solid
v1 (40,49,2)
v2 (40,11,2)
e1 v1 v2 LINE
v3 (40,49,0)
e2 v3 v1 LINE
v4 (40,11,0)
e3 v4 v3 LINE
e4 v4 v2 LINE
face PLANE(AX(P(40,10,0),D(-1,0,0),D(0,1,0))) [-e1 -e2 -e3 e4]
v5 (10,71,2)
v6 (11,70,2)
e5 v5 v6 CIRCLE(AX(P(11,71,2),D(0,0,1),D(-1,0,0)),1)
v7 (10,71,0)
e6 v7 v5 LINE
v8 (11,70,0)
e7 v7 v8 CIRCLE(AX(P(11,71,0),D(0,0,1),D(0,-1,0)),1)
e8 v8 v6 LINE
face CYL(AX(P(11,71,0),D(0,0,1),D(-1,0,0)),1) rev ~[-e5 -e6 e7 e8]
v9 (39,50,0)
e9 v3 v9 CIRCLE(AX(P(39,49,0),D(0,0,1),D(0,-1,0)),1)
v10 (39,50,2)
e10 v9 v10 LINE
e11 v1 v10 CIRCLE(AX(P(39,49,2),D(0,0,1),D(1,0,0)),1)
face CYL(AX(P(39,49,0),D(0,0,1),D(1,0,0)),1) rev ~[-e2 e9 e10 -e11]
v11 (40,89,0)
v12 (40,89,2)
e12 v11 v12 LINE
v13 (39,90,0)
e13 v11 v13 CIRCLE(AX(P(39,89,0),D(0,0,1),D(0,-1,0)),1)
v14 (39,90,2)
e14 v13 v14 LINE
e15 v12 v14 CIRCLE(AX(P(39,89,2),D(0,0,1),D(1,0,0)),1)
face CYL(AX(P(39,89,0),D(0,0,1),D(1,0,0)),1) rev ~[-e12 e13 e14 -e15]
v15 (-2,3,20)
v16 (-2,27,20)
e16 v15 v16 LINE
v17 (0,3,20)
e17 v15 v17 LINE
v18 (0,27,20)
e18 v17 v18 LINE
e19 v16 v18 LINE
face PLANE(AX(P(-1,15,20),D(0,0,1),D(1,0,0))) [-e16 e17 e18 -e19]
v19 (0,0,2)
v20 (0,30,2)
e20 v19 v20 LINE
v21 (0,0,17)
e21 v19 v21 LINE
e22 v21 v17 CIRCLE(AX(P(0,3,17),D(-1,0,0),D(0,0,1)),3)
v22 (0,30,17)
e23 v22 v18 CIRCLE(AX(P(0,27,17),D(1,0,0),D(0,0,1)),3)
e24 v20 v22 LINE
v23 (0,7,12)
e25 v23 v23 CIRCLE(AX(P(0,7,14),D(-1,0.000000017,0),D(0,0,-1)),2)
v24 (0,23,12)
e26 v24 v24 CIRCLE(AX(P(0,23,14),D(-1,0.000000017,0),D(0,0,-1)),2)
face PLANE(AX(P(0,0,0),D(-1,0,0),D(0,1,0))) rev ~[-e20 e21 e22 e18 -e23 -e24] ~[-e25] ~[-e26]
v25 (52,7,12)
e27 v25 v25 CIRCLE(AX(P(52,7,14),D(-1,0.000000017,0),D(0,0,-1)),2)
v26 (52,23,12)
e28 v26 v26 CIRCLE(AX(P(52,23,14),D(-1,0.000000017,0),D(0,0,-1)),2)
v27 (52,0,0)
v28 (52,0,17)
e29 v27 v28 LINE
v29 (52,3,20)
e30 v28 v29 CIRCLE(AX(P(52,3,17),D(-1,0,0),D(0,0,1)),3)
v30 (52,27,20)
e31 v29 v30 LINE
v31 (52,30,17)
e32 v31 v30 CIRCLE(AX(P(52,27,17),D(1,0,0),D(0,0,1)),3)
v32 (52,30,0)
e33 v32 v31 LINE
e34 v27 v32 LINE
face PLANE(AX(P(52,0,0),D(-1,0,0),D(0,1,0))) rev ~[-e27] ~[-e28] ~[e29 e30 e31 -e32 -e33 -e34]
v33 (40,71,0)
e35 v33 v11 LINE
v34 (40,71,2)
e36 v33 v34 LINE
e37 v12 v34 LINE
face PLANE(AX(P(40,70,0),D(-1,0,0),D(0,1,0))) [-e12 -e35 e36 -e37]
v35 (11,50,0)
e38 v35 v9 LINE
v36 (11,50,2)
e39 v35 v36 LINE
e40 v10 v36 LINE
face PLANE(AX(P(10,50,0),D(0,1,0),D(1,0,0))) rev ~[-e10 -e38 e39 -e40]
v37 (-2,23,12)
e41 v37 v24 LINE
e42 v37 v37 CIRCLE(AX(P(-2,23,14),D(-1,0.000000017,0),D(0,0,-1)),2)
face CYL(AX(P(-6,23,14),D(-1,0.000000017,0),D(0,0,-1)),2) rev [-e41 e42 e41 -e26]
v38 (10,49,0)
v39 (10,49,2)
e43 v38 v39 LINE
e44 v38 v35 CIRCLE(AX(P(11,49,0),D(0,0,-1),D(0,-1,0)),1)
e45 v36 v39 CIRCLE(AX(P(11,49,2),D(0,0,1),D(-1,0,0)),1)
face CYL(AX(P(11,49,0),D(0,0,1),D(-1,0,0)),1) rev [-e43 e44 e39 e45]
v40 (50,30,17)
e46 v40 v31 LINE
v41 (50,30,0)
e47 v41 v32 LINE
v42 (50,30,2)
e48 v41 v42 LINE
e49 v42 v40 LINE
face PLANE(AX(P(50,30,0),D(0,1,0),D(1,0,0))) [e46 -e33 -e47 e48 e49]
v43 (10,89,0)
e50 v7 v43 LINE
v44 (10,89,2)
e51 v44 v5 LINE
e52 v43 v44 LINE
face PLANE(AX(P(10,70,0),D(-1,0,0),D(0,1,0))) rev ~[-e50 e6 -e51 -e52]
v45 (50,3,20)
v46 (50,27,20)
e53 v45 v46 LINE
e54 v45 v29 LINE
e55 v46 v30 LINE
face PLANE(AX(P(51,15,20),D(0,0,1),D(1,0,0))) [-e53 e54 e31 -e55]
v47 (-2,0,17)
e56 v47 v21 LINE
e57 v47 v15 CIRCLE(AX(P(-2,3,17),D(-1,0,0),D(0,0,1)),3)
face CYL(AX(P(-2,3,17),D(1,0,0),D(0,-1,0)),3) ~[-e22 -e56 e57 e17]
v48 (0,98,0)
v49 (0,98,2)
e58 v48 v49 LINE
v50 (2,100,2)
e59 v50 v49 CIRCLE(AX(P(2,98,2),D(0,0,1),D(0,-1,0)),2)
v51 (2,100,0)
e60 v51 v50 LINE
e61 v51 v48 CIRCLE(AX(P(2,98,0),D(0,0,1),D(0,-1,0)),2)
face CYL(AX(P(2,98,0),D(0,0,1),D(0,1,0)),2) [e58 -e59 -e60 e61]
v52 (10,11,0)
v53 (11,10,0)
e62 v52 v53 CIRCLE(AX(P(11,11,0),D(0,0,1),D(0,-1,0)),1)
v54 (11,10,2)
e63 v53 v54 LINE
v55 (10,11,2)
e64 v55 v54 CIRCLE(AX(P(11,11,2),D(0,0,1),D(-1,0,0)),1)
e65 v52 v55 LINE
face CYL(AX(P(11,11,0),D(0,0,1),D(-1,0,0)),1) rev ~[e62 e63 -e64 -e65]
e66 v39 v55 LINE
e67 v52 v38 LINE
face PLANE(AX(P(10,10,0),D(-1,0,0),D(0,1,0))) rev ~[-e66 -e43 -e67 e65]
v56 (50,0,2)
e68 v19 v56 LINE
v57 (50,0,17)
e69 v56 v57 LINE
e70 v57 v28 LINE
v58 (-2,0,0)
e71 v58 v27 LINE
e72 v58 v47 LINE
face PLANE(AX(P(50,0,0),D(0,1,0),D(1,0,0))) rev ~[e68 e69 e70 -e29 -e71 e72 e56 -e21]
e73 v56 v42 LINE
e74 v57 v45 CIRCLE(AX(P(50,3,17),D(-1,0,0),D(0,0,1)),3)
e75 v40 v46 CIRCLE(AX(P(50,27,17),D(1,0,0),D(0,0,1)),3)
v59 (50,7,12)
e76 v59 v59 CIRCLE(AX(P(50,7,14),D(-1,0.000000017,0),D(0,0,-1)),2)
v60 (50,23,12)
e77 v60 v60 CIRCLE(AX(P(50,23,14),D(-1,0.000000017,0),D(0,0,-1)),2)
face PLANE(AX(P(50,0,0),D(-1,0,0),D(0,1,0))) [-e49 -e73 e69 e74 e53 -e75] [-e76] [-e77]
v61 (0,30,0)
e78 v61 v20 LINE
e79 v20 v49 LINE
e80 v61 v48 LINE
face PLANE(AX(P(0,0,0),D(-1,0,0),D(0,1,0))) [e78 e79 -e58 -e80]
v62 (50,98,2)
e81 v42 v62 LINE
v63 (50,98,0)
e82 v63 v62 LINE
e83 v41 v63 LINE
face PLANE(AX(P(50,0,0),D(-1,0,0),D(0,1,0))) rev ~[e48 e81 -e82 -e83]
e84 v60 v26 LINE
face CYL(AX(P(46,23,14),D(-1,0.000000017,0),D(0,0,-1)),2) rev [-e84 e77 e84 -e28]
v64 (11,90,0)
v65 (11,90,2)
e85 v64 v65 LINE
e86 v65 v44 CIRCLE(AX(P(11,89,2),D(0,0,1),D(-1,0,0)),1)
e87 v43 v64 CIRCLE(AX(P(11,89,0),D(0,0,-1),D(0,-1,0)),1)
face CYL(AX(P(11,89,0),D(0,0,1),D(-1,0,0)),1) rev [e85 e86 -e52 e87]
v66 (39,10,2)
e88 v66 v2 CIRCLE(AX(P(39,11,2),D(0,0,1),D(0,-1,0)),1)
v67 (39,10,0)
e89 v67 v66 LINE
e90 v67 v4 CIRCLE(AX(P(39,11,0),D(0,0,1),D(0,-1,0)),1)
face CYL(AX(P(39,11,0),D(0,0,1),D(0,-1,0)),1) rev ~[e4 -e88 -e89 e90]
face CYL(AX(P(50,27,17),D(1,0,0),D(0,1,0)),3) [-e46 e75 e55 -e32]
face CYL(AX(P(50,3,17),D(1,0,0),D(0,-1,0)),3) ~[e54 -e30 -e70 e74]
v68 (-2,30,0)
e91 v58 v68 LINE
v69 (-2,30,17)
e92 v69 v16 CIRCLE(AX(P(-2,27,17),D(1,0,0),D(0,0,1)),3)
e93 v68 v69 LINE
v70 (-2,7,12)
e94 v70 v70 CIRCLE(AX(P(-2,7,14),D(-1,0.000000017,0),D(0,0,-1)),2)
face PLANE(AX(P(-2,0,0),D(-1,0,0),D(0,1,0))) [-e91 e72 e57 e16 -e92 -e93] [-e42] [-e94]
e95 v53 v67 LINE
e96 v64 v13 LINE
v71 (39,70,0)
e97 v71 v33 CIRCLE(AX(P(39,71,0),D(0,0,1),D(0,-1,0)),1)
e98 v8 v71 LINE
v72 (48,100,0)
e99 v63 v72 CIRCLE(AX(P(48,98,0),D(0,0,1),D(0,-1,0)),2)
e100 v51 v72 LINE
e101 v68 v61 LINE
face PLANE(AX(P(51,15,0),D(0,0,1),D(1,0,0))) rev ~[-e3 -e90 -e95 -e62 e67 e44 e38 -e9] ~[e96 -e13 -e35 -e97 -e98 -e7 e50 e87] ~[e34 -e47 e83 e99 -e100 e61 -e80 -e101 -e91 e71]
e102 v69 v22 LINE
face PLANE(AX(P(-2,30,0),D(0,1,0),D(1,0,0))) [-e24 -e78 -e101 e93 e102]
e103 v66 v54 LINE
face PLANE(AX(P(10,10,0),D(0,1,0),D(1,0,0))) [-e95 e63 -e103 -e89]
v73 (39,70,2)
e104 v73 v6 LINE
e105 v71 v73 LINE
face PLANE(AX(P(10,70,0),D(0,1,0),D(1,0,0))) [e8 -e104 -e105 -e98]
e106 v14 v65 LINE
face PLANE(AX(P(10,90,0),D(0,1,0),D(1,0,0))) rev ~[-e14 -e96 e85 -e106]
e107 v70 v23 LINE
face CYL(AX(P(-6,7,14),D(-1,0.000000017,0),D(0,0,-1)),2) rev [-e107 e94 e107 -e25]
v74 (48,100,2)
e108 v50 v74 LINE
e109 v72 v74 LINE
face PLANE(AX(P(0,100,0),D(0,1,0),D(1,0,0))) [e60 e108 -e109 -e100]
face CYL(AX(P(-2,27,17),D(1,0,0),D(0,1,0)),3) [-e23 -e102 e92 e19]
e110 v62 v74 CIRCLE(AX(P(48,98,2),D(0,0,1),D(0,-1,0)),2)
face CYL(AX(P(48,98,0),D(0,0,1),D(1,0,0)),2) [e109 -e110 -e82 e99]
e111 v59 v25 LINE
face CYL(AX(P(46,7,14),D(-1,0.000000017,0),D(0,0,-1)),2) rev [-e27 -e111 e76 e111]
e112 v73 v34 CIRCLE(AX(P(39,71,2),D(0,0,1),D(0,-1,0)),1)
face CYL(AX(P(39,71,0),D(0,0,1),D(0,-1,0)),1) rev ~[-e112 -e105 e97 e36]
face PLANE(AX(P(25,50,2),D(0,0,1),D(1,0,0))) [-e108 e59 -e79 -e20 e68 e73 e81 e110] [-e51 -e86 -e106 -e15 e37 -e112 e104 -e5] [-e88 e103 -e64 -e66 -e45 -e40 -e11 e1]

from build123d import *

# Parameters (mm, degrees)
CYLINDER001_R               = 2
CYLINDER001_DEPTH           = 10
CYLINDER001_PITCH_ANGLE     = 90
CYLINDER001_PLACEMENT_ANGLE = -1e-06
CYLINDER_R                  = 2
CYLINDER_DEPTH              = 10
CYLINDER_PITCH_ANGLE        = 90
CYLINDER_PLACEMENT_ANGLE    = -1e-06
BOX003_W                    = 2
BOX003_H                    = 30
BOX003_DEPTH                = 20
FILLET004_R                 = 3
CYLINDER003_R               = 2
CYLINDER003_DEPTH           = 10
CYLINDER003_PITCH_ANGLE     = 90
CYLINDER003_PLACEMENT_ANGLE = -1e-06
CYLINDER002_R               = 2
CYLINDER002_DEPTH           = 10
CYLINDER002_PITCH_ANGLE     = 90
CYLINDER002_PLACEMENT_ANGLE = -1e-06
BOX004_W                    = 2
BOX004_H                    = 30
BOX004_DEPTH                = 20
FILLET005_R                 = 3
BOX002_W                    = 30
BOX002_H                    = 40
BOX002_DEPTH                = 10
FILLET003_R                 = 1
BOX001_W                    = 30
BOX001_H                    = 20
BOX001_DEPTH                = 10
FILLET002_R                 = 1
BOX_W                       = 50
BOX_H                       = 100
BOX_DEPTH                   = 2
FILLET_R                    = 2
FILLET001_R                 = 2


with BuildPart() as cylinder001:
    # Cylinder001 → Cylinder001 (new body)
    with BuildSketch(Plane.XY):
        Circle(CYLINDER001_R)
    extrude(amount=CYLINDER001_DEPTH)


with BuildPart() as cylinder001_1:
    # Cylinder001 pitch: moved
    add(cylinder001.part.rotate(Axis((0, 0, 0), (0, 1, 0)), CYLINDER001_PITCH_ANGLE))


with BuildPart() as cylinder001_2:
    # Cylinder001 placement: moved
    add(cylinder001_1.part.moved(Location((-6, 23, 14))).rotate(Axis((-6, 23, 14), (0, 0, 1)), CYLINDER001_PLACEMENT_ANGLE))


with BuildPart() as cylinder:
    # Cylinder → Cylinder (new body)
    with BuildSketch(Plane.XY):
        Circle(CYLINDER_R)
    extrude(amount=CYLINDER_DEPTH)


with BuildPart() as cylinder_1:
    # Cylinder pitch: moved
    add(cylinder.part.rotate(Axis((0, 0, 0), (0, 1, 0)), CYLINDER_PITCH_ANGLE))


with BuildPart() as cylinder_2:
    # Cylinder placement: moved
    add(cylinder_1.part.moved(Location((-6, 7, 14))).rotate(Axis((-6, 7, 14), (0, 0, 1)), CYLINDER_PLACEMENT_ANGLE))


with BuildPart() as cut003:
    # Box003 → Box003 (new body)
    with BuildSketch(Plane(origin=(-2, 0, 0), x_dir=(1, 0, 0), z_dir=(0, 0, 1))):
        with Locations((1, 15)):
            Rectangle(BOX003_W, BOX003_H)
    extrude(amount=BOX003_DEPTH)

    # Fillet004
    fillet004_edges = [cut003.edges().sort_by_distance(p)[0] for p in [
        (-1, 0, 20),
        (-1, 30, 20),
    ]]
    fillet(fillet004_edges, radius=FILLET004_R)

    # Cut002: cut Cylinder
    add(cylinder_2.part, mode=Mode.SUBTRACT)

    # Cut003: cut Cylinder001
    add(cylinder001_2.part, mode=Mode.SUBTRACT)


with BuildPart() as cylinder003:
    # Cylinder003 → Cylinder003 (new body)
    with BuildSketch(Plane.XY):
        Circle(CYLINDER003_R)
    extrude(amount=CYLINDER003_DEPTH)


with BuildPart() as cylinder003_1:
    # Cylinder003 pitch: moved
    add(cylinder003.part.rotate(Axis((0, 0, 0), (0, 1, 0)), CYLINDER003_PITCH_ANGLE))


with BuildPart() as cylinder003_2:
    # Cylinder003 placement: moved
    add(cylinder003_1.part.moved(Location((-6, 23, 14))).rotate(Axis((-6, 23, 14), (0, 0, 1)), CYLINDER003_PLACEMENT_ANGLE))


with BuildPart() as cylinder002:
    # Cylinder002 → Cylinder002 (new body)
    with BuildSketch(Plane.XY):
        Circle(CYLINDER002_R)
    extrude(amount=CYLINDER002_DEPTH)


with BuildPart() as cylinder002_1:
    # Cylinder002 pitch: moved
    add(cylinder002.part.rotate(Axis((0, 0, 0), (0, 1, 0)), CYLINDER002_PITCH_ANGLE))


with BuildPart() as cylinder002_2:
    # Cylinder002 placement: moved
    add(cylinder002_1.part.moved(Location((-6, 7, 14))).rotate(Axis((-6, 7, 14), (0, 0, 1)), CYLINDER002_PLACEMENT_ANGLE))


with BuildPart() as cut005:
    # Box004 → Box004 (new body)
    with BuildSketch(Plane(origin=(-2, 0, 0), x_dir=(1, 0, 0), z_dir=(0, 0, 1))):
        with Locations((1, 15)):
            Rectangle(BOX004_W, BOX004_H)
    extrude(amount=BOX004_DEPTH)

    # Fillet005
    fillet005_edges = [cut005.edges().sort_by_distance(p)[0] for p in [
        (-1, 0, 20),
        (-1, 30, 20),
    ]]
    fillet(fillet005_edges, radius=FILLET005_R)

    # Cut004: cut Cylinder002
    add(cylinder002_2.part, mode=Mode.SUBTRACT)

    # Cut005: cut Cylinder003
    add(cylinder003_2.part, mode=Mode.SUBTRACT)


with BuildPart() as cut005_1:
    # Cut005 placement: moved
    add(cut005.part.moved(Location((52, 0, 0))))


with BuildPart() as fillet003:
    # Box002 → Box002 (new body)
    with BuildSketch(Plane(origin=(10, 10, 0), x_dir=(1, 0, 0), z_dir=(0, 0, 1))):
        with Locations((15, 20)):
            Rectangle(BOX002_W, BOX002_H)
    extrude(amount=BOX002_DEPTH)

    # Fillet003
    fillet003_edges = [fillet003.edges().sort_by_distance(p)[0] for p in [
        (10, 10, 5),
        (10, 50, 5),
        (40, 10, 5),
        (40, 50, 5),
    ]]
    fillet(fillet003_edges, radius=FILLET003_R)


with BuildPart() as fillet002:
    # Box001 → Box001 (new body)
    with BuildSketch(Plane(origin=(10, 70, 0), x_dir=(1, 0, 0), z_dir=(0, 0, 1))):
        with Locations((15, 10)):
            Rectangle(BOX001_W, BOX001_H)
    extrude(amount=BOX001_DEPTH)

    # Fillet002
    fillet002_edges = [fillet002.edges().sort_by_distance(p)[0] for p in [
        (10, 70, 5),
        (10, 90, 5),
        (40, 70, 5),
        (40, 90, 5),
    ]]
    fillet(fillet002_edges, radius=FILLET002_R)


with BuildPart() as fusion:
    # Box → Box (new body)
    with BuildSketch(Plane.XY):
        with Locations((25, 50)):
            Rectangle(BOX_W, BOX_H)
    extrude(amount=BOX_DEPTH)

    # Fillet
    fillet_edges = [fusion.edges().sort_by_distance(p)[0] for p in [
        (50, 100, 1),
    ]]
    fillet(fillet_edges, radius=FILLET_R)

    # Fillet001
    fillet001_edges = [fusion.edges().sort_by_distance(p)[0] for p in [
        (0, 100, 1),
    ]]
    fillet(fillet001_edges, radius=FILLET001_R)

    # Cut: cut Fillet002
    add(fillet002.part, mode=Mode.SUBTRACT)

    # Cut001: cut Fillet003
    add(fillet003.part, mode=Mode.SUBTRACT)

    # Fusion: union Cut003, Cut005
    add(cut003.part)
    add(cut005_1.part)


solid = fusion.part
